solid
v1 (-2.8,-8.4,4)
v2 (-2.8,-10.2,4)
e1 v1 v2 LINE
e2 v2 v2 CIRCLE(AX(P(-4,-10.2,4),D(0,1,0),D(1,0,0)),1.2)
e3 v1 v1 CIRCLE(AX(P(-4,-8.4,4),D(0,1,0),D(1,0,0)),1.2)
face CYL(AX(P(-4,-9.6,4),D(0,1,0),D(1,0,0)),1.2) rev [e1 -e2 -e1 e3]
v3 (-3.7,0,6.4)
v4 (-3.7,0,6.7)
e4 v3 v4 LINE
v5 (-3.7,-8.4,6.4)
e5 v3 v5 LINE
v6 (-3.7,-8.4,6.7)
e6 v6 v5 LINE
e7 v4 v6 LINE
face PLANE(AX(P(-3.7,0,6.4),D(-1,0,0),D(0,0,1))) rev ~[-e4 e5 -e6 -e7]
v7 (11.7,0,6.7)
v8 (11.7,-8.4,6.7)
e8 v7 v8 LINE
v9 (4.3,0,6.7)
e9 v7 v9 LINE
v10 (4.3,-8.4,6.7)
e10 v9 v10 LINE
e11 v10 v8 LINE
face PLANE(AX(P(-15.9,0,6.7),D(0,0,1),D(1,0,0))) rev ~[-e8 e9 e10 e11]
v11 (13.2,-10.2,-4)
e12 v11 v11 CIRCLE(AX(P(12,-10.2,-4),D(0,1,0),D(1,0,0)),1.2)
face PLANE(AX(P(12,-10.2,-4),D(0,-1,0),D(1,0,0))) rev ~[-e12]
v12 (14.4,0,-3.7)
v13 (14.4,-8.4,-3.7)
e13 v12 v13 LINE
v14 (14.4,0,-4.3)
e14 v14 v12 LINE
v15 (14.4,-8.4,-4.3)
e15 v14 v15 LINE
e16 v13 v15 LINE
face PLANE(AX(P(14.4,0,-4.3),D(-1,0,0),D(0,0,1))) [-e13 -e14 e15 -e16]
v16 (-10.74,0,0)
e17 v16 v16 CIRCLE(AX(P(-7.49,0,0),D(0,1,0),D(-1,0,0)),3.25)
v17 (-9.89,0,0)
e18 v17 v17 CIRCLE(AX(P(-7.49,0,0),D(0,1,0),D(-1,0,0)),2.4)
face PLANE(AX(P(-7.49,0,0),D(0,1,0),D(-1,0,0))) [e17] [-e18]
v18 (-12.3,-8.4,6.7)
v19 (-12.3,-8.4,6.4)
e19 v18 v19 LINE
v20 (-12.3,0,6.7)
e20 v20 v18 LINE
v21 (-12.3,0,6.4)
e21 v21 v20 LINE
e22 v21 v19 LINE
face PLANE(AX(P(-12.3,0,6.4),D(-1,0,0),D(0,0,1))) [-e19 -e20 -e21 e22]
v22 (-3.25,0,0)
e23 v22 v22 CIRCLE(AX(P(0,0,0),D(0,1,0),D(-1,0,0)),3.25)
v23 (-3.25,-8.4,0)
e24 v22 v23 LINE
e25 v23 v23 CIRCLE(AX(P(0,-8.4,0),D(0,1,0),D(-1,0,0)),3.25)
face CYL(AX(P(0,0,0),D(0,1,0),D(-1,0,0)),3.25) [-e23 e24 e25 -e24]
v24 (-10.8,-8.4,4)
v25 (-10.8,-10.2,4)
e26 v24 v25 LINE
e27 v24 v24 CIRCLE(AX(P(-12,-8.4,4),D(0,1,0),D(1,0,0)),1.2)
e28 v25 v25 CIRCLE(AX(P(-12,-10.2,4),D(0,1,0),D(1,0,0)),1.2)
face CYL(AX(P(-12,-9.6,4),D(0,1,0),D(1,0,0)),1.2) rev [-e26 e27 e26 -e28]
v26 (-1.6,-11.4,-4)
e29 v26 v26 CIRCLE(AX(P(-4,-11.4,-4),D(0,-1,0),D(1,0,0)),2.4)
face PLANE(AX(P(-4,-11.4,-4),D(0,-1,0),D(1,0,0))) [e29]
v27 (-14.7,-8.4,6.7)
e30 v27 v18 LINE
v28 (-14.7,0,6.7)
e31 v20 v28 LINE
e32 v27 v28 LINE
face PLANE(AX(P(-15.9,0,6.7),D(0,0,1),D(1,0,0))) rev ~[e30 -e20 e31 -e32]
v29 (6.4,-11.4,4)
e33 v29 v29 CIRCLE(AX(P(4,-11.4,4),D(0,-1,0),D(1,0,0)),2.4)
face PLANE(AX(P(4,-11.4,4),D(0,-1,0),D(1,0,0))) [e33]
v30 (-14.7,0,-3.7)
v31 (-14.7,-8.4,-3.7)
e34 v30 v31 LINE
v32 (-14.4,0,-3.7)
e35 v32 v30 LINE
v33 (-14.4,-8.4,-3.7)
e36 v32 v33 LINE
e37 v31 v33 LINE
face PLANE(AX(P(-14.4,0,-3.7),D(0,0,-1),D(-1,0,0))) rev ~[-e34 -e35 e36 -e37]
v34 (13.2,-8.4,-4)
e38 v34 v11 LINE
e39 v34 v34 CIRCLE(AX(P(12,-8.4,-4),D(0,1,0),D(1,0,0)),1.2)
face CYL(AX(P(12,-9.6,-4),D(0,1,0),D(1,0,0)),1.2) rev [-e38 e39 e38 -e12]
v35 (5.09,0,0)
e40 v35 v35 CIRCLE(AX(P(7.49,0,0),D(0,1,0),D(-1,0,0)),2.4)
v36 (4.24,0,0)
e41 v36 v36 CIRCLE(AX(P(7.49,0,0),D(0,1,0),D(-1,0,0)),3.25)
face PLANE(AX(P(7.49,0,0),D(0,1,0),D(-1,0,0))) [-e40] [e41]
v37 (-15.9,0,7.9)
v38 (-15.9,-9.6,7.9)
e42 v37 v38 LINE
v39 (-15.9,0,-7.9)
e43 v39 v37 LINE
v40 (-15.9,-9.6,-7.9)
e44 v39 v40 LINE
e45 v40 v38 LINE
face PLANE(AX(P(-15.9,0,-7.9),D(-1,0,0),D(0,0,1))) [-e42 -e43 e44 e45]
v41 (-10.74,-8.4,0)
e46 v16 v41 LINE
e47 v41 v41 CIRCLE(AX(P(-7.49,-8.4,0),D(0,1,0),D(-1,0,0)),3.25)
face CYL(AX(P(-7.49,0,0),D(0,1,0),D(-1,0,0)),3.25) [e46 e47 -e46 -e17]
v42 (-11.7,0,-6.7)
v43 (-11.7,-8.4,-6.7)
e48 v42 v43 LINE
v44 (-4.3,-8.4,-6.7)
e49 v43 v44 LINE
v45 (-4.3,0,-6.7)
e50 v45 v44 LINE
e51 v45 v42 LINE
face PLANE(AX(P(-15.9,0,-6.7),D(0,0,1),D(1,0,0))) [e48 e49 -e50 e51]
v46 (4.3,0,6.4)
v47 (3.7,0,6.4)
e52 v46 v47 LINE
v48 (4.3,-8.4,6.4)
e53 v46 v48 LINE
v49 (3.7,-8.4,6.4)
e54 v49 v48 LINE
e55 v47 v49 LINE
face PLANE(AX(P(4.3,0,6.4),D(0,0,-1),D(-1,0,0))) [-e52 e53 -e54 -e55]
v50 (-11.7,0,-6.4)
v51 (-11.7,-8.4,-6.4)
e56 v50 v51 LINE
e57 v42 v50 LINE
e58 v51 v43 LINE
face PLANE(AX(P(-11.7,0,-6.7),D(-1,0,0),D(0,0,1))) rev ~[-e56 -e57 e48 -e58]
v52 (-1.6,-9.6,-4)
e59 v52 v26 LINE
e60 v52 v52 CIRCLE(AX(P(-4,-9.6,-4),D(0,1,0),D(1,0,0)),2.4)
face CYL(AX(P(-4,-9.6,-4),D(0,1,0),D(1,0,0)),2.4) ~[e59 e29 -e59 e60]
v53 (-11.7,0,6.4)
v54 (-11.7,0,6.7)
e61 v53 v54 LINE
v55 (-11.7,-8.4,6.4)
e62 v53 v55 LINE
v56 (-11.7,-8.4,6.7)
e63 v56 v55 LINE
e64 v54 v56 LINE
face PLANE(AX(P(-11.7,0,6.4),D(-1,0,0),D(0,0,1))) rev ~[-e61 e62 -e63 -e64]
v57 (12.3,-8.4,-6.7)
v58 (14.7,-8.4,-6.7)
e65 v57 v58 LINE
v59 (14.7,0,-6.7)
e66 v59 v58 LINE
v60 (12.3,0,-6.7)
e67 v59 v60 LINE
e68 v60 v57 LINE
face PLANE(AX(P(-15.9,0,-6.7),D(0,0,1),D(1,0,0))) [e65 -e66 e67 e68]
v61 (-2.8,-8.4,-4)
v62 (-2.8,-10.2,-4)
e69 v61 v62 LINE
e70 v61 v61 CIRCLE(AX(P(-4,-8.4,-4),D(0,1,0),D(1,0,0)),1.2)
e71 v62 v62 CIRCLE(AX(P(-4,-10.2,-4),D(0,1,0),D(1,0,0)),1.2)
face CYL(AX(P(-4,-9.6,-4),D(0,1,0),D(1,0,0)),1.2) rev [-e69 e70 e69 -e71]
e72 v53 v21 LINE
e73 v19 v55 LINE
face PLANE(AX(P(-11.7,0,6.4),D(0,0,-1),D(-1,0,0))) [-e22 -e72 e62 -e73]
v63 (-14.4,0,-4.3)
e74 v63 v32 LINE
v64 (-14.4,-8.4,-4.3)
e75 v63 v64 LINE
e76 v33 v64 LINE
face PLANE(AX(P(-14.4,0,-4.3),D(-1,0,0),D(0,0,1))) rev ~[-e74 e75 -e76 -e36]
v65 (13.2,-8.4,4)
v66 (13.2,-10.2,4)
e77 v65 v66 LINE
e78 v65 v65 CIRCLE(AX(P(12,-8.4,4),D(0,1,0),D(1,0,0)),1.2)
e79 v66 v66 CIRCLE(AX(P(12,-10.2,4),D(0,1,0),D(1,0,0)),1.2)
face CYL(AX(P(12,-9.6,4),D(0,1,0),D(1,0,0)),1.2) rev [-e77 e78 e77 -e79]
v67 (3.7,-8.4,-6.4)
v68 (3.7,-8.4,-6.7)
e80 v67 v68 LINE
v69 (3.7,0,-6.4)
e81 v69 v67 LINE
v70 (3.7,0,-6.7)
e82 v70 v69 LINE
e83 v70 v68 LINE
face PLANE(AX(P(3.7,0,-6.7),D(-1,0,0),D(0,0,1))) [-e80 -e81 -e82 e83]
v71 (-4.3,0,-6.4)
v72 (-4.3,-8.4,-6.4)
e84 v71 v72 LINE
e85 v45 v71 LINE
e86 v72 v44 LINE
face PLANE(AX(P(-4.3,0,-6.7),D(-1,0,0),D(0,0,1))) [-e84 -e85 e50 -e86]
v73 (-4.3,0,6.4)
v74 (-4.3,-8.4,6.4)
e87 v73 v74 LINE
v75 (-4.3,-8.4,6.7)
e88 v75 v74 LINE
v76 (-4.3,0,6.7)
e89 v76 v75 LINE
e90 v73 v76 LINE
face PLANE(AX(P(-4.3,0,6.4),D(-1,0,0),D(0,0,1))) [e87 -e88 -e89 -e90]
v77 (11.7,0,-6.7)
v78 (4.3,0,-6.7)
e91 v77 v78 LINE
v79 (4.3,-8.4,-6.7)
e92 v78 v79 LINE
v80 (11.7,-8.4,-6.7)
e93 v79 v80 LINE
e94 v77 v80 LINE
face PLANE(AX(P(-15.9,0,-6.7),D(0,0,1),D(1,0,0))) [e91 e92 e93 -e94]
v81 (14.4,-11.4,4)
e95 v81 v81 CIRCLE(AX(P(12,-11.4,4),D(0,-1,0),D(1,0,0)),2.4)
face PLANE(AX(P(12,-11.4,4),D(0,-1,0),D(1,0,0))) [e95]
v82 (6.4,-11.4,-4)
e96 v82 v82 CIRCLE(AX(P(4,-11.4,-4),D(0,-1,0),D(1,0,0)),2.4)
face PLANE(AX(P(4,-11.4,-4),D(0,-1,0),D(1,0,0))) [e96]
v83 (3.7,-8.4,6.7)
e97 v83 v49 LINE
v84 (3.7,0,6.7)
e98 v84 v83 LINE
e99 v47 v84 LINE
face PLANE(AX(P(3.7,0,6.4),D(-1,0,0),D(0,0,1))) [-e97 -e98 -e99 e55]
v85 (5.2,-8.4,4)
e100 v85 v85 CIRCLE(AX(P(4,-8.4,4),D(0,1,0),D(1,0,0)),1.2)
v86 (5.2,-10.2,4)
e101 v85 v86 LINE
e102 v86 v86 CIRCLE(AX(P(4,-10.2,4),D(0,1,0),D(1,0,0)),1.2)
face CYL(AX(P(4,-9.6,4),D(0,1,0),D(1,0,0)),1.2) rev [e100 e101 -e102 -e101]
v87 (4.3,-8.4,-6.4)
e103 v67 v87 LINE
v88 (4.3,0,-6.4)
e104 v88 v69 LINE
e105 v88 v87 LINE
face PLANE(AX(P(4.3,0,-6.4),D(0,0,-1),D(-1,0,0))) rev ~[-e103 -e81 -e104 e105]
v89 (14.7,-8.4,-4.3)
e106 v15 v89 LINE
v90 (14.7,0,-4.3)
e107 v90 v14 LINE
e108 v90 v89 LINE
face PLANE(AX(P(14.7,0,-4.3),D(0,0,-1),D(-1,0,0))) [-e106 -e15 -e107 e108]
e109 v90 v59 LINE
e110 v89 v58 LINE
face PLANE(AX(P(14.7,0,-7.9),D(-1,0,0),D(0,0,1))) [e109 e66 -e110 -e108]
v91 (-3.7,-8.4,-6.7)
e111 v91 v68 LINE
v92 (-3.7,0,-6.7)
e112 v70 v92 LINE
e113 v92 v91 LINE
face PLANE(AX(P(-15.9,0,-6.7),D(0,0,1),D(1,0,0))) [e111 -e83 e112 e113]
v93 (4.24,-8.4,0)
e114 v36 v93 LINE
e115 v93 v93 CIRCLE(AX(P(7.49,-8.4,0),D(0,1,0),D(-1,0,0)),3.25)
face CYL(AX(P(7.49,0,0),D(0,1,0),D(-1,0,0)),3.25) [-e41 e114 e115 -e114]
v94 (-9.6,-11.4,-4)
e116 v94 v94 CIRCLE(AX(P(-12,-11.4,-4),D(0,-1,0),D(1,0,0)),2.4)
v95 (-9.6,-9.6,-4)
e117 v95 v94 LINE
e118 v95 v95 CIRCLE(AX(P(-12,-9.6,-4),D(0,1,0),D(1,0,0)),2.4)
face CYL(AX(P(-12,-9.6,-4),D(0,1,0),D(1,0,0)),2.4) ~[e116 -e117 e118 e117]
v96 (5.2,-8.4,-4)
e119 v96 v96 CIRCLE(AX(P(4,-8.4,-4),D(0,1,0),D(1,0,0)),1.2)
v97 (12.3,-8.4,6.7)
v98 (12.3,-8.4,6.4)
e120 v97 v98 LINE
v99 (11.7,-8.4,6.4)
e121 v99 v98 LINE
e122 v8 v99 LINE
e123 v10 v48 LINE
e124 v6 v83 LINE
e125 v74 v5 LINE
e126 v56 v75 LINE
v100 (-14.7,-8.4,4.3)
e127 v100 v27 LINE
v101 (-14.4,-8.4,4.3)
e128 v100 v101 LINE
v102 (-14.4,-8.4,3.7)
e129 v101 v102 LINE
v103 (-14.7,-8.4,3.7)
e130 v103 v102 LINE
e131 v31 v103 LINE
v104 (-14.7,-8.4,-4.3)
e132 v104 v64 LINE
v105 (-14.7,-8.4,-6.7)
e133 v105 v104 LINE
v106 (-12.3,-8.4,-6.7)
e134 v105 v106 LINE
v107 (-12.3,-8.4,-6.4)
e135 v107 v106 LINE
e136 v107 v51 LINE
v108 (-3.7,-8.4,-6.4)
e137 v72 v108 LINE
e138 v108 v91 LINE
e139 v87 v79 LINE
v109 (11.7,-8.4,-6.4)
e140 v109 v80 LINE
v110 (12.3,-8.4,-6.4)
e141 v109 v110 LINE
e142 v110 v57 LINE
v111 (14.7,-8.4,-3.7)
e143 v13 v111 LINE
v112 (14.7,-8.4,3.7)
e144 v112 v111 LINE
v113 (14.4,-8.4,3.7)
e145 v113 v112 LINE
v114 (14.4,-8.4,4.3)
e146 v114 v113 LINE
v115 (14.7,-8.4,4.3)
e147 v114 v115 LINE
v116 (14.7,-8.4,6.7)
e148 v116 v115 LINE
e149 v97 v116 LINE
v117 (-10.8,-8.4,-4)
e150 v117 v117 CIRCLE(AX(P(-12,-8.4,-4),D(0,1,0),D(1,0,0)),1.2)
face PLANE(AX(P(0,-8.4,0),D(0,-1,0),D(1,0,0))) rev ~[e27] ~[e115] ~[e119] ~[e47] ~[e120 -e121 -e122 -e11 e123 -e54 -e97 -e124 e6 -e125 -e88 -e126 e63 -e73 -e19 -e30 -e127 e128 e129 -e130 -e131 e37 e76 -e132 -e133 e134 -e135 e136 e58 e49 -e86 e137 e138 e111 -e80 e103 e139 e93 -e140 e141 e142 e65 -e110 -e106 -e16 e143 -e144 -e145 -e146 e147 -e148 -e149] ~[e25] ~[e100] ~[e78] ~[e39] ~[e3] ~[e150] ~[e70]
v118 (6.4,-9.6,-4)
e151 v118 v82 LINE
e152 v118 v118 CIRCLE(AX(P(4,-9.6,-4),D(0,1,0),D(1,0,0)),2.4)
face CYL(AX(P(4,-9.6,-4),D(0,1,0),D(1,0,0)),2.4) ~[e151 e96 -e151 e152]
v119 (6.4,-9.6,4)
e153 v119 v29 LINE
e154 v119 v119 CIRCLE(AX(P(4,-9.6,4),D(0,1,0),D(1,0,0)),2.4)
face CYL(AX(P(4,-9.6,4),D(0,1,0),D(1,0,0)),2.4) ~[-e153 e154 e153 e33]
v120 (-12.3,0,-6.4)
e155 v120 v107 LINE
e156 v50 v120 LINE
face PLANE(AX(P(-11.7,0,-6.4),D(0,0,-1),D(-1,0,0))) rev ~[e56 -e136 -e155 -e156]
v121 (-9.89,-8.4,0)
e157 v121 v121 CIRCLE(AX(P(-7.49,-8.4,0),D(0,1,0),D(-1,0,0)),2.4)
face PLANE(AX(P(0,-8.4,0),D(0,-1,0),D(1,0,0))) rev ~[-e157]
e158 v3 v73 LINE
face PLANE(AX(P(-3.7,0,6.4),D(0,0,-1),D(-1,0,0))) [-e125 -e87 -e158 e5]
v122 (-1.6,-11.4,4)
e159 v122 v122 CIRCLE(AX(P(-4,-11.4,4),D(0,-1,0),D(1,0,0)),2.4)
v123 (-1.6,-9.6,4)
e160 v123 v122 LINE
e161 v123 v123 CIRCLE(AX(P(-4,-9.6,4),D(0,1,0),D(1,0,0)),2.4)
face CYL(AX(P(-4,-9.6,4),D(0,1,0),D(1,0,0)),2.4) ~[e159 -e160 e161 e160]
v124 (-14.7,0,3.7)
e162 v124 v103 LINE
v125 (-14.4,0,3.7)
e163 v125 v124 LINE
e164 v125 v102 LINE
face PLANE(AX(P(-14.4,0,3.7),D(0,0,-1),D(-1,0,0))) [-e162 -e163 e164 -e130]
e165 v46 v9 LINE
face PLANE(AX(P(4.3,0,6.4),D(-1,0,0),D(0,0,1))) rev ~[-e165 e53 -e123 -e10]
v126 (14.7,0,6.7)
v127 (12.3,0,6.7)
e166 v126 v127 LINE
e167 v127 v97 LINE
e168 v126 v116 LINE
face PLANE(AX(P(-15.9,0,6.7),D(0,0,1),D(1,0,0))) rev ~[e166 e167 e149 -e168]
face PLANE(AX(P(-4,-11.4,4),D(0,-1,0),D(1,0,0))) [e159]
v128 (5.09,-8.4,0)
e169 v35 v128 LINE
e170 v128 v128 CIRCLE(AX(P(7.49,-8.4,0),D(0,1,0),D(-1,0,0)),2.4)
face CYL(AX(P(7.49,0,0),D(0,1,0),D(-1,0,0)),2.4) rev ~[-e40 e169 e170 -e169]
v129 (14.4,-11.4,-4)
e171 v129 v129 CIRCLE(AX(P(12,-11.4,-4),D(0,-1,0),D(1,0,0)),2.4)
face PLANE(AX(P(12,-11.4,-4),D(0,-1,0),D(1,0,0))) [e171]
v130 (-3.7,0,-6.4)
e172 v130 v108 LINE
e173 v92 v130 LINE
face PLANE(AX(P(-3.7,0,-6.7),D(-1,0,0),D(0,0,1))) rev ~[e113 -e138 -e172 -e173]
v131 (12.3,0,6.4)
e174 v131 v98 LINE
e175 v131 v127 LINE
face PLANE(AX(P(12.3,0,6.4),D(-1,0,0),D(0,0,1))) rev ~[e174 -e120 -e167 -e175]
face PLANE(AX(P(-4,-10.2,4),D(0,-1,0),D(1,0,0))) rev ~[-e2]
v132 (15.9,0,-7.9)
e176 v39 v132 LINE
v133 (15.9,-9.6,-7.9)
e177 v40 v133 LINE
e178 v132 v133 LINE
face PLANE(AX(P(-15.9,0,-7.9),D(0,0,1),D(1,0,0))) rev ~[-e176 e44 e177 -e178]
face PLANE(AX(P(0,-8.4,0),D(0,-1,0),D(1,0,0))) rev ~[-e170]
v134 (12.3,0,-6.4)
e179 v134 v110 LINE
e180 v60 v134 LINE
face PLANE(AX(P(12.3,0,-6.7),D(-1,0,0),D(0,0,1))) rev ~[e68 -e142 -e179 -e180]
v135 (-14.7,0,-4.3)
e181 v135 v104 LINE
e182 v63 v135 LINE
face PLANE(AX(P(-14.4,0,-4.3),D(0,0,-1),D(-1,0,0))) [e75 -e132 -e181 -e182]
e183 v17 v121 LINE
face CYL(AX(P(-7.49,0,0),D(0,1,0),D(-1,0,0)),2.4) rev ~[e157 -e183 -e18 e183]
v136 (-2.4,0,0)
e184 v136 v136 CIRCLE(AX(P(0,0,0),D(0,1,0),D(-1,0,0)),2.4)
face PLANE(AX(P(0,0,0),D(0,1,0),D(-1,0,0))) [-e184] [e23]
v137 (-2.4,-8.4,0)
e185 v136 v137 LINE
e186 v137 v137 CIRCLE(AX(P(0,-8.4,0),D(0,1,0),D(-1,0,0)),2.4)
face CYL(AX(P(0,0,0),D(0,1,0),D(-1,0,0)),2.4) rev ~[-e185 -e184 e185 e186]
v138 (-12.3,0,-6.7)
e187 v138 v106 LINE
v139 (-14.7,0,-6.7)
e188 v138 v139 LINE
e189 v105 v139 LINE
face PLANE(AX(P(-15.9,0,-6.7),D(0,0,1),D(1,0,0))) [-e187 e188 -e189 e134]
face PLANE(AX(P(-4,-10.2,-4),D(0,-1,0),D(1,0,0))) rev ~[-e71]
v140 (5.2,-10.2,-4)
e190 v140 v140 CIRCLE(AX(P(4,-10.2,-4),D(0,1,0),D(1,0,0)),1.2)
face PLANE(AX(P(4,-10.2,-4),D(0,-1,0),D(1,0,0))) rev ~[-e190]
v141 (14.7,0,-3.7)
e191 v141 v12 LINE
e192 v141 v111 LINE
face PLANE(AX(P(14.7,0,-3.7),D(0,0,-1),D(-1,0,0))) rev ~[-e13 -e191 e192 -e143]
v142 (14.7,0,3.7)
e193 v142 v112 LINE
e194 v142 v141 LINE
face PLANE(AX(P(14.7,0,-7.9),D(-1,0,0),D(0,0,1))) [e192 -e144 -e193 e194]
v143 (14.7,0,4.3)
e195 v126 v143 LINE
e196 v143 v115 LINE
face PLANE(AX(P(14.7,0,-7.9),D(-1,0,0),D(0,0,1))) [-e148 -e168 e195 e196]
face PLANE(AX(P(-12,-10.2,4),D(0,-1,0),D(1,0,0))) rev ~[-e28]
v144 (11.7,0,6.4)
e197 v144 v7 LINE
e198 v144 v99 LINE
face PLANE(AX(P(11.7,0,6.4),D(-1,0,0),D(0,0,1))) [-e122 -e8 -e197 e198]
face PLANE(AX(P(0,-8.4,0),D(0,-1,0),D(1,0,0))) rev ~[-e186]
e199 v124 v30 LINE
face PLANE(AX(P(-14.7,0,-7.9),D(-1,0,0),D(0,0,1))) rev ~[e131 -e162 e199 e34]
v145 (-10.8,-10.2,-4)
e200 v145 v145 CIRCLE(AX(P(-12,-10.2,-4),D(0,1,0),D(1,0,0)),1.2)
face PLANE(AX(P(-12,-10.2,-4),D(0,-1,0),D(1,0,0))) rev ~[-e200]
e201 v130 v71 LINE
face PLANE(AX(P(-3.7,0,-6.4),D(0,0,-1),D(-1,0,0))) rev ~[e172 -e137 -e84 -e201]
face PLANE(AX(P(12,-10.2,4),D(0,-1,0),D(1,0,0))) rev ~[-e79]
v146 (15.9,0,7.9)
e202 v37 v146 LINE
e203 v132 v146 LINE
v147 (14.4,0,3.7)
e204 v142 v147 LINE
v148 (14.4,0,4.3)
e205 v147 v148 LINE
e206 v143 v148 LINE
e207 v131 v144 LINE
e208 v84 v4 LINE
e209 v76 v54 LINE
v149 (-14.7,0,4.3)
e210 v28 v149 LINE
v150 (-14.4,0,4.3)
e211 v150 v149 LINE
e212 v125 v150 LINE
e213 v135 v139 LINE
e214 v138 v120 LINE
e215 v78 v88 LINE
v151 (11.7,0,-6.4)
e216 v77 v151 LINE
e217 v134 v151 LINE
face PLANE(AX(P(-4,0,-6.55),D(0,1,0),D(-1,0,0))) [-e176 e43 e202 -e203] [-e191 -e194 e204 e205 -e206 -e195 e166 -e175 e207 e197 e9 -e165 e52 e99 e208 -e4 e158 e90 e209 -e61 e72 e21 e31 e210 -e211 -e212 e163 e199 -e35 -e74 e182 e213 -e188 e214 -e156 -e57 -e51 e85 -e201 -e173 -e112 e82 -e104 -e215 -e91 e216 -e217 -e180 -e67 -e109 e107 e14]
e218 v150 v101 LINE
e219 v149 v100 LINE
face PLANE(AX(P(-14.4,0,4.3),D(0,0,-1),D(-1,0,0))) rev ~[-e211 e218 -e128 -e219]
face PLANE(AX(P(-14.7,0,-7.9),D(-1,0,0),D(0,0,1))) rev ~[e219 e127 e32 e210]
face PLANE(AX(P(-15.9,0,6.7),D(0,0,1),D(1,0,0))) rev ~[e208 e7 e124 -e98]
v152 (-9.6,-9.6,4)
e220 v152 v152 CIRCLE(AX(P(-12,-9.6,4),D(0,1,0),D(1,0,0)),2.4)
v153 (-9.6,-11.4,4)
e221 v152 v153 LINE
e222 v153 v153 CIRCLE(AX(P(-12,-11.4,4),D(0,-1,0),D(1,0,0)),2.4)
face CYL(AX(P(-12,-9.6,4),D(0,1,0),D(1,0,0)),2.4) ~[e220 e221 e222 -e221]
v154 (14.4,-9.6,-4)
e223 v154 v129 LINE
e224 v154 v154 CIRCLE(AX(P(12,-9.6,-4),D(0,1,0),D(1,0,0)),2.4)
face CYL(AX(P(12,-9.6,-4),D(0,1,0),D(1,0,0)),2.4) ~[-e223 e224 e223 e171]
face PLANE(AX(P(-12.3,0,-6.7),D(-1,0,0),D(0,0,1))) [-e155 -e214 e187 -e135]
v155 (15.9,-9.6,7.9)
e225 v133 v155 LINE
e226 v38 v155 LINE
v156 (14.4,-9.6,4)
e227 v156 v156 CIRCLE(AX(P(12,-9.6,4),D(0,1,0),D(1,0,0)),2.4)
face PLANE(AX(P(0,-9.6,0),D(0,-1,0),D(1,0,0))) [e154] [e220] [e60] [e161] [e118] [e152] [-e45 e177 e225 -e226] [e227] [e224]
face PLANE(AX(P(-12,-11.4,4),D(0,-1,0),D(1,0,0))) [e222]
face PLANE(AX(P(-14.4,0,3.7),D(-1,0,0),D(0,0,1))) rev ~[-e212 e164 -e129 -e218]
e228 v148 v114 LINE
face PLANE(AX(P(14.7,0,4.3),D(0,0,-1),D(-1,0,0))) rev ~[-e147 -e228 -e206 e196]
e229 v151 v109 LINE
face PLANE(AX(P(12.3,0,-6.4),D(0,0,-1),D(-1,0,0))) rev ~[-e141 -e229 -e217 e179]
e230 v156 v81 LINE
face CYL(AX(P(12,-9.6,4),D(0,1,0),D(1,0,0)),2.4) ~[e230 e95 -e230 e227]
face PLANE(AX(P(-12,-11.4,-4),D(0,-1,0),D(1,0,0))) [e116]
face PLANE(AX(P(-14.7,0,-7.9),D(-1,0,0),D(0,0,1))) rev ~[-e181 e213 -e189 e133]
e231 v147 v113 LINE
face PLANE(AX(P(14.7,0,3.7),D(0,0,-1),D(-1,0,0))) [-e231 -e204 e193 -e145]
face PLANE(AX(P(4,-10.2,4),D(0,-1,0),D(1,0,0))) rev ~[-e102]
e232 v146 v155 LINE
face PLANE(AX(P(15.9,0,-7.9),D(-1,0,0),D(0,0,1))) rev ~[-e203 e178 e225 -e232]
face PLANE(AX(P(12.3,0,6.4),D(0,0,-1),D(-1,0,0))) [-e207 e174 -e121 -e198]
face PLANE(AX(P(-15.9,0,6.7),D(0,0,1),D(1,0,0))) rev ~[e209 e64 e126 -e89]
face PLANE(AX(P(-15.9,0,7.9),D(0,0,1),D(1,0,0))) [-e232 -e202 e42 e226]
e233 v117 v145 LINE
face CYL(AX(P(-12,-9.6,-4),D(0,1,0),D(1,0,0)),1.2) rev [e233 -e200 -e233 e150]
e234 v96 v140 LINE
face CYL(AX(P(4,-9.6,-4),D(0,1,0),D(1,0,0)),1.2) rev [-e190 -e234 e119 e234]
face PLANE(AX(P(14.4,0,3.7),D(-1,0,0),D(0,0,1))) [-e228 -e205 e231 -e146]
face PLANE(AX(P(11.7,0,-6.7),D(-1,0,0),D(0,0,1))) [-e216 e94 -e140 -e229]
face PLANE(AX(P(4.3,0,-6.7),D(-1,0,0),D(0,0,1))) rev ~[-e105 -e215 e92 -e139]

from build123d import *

# Parameters (mm, degrees)
F0_W     = 31.8
F0_H     = 15.8
F1_DEPTH = 9.6
F2_R     = 2.4
F3_DEPTH = 1.8
F5_T     = -1.2
F4_R     = 3.25
F4_R_2   = 2.4
F6_DEPTH = 9.6
F7_W     = 0.6
F7_H     = 0.3
F7_W_2   = 0.3
F7_H_2   = 0.6
F8_DEPTH = 9.6


with BuildPart() as f1:
    # F0 (on Front) → F1 (new body)
    with BuildSketch(Plane.XZ):
        Rectangle(F0_W, F0_H)
    extrude(amount=F1_DEPTH)

    # F2 (on face) → F3 (join)
    with BuildSketch(Plane.XZ.offset(9.6)):
        with Locations((-12, 4)):
            Circle(F2_R)
        with Locations((-4, 4)):
            Circle(F2_R)
        with Locations((4, 4)):
            Circle(F2_R)
        with Locations((12, 4)):
            Circle(F2_R)
        with Locations((-12, -4)):
            Circle(F2_R)
        with Locations((-4, -4)):
            Circle(F2_R)
        with Locations((4, -4)):
            Circle(F2_R)
        with Locations((12, -4)):
            Circle(F2_R)
    extrude(amount=F3_DEPTH)

    # F5
    f5_openings = [f1.faces().sort_by_distance(p)[0] for p in [
        (0, 0, 0),
    ]]
    offset(amount=F5_T, openings=f5_openings, kind=Kind.INTERSECTION)

    # F4 (on face) → F6 (join)
    with BuildSketch(Plane(origin=(0, 0, 0), x_dir=(-1, 0, 0), z_dir=(0, 1, 0))):
        with Locations((7.49, 0)):
            Circle(F4_R)
        with Locations((7.49, 0)):
            Circle(F4_R_2, mode=Mode.SUBTRACT)
        Circle(F4_R)
        Circle(F4_R_2, mode=Mode.SUBTRACT)
        with Locations((-7.49, 0)):
            Circle(F4_R)
        with Locations((-7.49, 0)):
            Circle(F4_R_2, mode=Mode.SUBTRACT)
    extrude(amount=-F6_DEPTH)

    # F7 (on face) → F8 (join)
    with BuildSketch(Plane(origin=(0, 0, 0), x_dir=(-1, 0, 0), z_dir=(0, 1, 0))):
        with Locations((4, -6.55)):
            Rectangle(F7_W, F7_H)
        with Locations((-4, -6.55)):
            Rectangle(F7_W, F7_H)
        with Locations((-12, -6.55)):
            Rectangle(F7_W, F7_H)
        with Locations((-14.55, -4)):
            Rectangle(F7_W_2, F7_H_2)
        with Locations((-14.55, 4)):
            Rectangle(F7_W_2, F7_H_2)
        with Locations((-12, 6.55)):
            Rectangle(F7_W, F7_H)
        with Locations((-4, 6.55)):
            Rectangle(F7_W, F7_H)
        with Locations((4, 6.55)):
            Rectangle(F7_W, F7_H)
        with Locations((12, 6.55)):
            Rectangle(F7_W, F7_H)
        with Locations((12, -6.55)):
            Rectangle(F7_W, F7_H)
        with Locations((14.55, -4)):
            Rectangle(F7_W_2, F7_H_2)
        with Locations((14.55, 4)):
            Rectangle(F7_W_2, F7_H_2)
    extrude(amount=-F8_DEPTH)


solid = f1.part
